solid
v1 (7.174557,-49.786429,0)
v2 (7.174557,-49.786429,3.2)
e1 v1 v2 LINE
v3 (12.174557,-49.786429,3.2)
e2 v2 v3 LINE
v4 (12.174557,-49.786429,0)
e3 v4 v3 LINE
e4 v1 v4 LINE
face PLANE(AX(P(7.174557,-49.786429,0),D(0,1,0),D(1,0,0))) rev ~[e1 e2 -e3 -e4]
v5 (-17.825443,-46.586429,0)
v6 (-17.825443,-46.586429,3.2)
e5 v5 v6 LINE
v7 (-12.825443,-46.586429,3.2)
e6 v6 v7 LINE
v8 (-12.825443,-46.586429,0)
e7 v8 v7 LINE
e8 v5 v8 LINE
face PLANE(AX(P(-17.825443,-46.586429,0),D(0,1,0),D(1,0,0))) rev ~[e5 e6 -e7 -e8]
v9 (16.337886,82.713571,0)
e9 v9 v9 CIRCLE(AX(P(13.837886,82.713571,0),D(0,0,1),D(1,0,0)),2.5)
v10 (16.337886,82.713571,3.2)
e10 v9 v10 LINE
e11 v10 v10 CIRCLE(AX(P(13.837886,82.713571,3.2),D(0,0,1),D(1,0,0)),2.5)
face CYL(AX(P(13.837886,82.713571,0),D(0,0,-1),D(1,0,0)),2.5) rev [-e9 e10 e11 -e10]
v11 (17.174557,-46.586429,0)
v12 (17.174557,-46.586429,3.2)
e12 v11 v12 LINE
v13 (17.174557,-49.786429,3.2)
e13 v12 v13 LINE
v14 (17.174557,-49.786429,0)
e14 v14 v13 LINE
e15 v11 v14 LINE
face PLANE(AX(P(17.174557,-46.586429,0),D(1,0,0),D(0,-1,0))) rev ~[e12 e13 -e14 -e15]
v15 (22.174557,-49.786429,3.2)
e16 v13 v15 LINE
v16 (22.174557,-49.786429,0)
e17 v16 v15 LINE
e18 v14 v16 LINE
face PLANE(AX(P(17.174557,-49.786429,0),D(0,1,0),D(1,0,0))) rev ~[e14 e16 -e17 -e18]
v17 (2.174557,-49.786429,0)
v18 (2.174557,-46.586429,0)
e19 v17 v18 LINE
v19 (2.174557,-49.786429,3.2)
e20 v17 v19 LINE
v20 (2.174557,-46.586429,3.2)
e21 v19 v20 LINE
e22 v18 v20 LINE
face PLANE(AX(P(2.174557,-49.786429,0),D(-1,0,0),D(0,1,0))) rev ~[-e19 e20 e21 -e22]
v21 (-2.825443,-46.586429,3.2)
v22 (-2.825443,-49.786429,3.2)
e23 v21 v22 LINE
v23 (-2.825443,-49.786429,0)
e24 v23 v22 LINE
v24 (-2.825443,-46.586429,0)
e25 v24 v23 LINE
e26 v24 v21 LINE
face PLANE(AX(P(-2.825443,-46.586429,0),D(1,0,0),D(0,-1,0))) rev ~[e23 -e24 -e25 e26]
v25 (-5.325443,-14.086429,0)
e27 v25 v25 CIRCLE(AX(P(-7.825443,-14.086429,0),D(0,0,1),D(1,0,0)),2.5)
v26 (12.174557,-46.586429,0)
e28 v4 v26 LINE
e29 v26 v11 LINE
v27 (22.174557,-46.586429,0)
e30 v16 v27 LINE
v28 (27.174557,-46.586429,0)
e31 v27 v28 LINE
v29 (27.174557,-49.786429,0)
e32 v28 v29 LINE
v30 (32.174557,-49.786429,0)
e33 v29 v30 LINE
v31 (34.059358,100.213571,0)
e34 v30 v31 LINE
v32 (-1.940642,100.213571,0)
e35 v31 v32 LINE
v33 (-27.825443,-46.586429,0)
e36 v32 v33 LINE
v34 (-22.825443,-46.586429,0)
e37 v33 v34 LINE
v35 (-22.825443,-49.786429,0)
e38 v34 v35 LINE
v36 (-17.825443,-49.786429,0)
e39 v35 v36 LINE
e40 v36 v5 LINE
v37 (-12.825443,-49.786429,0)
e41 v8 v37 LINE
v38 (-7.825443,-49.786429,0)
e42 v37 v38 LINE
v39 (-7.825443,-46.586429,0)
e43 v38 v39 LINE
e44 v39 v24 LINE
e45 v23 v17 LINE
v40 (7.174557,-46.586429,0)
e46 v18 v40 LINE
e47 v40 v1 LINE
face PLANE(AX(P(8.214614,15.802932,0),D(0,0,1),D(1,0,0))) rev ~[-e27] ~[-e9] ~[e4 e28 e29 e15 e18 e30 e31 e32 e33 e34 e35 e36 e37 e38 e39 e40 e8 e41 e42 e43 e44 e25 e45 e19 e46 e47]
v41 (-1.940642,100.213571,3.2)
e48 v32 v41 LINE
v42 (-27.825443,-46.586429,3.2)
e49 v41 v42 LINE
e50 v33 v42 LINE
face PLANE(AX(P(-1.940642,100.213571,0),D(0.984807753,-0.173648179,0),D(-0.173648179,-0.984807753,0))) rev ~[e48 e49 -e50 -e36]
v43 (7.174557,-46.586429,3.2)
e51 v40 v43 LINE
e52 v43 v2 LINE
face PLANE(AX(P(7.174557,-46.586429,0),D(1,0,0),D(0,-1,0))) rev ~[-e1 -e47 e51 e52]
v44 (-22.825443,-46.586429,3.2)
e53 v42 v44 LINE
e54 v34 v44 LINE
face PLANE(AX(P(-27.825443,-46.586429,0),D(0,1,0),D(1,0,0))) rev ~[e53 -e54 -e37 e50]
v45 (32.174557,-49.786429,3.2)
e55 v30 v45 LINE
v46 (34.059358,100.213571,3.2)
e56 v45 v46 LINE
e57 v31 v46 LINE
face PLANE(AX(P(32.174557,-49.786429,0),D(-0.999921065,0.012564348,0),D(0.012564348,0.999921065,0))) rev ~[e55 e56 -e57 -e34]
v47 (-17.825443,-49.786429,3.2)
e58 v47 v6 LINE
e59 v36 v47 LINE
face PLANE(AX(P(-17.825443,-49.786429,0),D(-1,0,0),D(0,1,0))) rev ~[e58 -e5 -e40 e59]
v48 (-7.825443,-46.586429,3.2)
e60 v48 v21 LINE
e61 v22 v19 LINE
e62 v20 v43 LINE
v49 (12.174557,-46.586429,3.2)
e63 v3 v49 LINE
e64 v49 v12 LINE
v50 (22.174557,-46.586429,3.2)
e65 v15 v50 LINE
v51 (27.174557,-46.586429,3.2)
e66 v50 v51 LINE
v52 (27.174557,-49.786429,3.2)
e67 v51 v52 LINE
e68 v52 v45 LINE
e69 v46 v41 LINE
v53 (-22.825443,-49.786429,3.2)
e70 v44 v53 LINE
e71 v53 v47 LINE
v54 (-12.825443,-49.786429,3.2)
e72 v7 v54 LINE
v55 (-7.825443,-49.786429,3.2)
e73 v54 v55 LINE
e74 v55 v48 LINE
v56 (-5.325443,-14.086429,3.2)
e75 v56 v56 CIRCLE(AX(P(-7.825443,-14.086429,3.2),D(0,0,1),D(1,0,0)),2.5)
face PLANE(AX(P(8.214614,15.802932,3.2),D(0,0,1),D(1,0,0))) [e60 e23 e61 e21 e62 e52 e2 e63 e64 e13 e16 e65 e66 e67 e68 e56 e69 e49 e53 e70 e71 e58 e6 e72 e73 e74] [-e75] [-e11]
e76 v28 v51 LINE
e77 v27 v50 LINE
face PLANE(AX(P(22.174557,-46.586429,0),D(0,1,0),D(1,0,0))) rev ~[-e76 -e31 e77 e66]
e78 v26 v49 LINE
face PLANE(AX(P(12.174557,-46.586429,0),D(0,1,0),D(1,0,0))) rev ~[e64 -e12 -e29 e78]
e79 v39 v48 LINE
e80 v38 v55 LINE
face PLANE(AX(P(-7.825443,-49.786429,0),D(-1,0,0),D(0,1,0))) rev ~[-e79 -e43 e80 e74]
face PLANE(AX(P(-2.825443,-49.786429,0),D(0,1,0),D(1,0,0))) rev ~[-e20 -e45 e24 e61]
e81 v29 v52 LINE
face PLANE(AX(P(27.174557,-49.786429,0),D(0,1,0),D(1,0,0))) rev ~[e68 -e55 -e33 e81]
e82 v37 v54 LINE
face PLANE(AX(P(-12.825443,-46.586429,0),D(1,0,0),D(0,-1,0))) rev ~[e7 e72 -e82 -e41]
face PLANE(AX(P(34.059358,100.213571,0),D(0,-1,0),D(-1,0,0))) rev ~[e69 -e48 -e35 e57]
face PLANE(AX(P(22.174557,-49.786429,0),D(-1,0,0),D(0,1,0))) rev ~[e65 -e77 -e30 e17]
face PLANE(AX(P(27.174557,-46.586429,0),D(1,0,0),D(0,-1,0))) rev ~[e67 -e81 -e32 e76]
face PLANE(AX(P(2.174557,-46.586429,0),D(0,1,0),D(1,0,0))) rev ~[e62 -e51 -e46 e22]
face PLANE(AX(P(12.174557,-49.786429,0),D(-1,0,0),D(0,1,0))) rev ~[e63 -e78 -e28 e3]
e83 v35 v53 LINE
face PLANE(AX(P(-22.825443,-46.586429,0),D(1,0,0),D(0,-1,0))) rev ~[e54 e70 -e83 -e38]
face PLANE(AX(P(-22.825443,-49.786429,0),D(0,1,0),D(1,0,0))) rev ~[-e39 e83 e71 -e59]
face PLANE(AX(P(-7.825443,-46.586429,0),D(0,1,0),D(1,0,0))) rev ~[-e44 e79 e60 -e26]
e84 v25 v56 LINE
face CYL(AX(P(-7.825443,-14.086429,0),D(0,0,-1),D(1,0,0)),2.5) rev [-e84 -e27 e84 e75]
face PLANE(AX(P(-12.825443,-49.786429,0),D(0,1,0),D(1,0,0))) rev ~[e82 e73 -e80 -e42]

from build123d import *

# Parameters (mm, degrees)
F0_R     = 2.5
F1_DEPTH = 3.2


with BuildPart() as f1:
    # F0 (on Top) → F1 (new body)
    with BuildSketch(Plane.XY):
        Polygon((34.059358, 100.213571), (-1.940642, 100.213571), (-27.825443, -46.586429), (-22.825443, -46.586429), (-22.825443, -49.786429), (-17.825443, -49.786429), (-17.825443, -46.586429), (-12.825443, -46.586429), (-12.825443, -49.786429), (-7.825443, -49.786429), (-7.825443, -46.586429), (-2.825443, -46.586429), (-2.825443, -49.786429), (2.174557, -49.786429), (2.174557, -46.586429), (7.174557, -46.586429), (7.174557, -49.786429), (12.174557, -49.786429), (12.174557, -46.586429), (17.174557, -46.586429), (17.174557, -49.786429), (22.174557, -49.786429), (22.174557, -46.586429), (27.174557, -46.586429), (27.174557, -49.786429), (32.174557, -49.786429), align=None)
        with Locations((-7.825443, -14.086429)):
            Circle(F0_R, mode=Mode.SUBTRACT)
        with Locations((13.837886, 82.713571)):
            Circle(F0_R, mode=Mode.SUBTRACT)
    extrude(amount=F1_DEPTH)


solid = f1.part
